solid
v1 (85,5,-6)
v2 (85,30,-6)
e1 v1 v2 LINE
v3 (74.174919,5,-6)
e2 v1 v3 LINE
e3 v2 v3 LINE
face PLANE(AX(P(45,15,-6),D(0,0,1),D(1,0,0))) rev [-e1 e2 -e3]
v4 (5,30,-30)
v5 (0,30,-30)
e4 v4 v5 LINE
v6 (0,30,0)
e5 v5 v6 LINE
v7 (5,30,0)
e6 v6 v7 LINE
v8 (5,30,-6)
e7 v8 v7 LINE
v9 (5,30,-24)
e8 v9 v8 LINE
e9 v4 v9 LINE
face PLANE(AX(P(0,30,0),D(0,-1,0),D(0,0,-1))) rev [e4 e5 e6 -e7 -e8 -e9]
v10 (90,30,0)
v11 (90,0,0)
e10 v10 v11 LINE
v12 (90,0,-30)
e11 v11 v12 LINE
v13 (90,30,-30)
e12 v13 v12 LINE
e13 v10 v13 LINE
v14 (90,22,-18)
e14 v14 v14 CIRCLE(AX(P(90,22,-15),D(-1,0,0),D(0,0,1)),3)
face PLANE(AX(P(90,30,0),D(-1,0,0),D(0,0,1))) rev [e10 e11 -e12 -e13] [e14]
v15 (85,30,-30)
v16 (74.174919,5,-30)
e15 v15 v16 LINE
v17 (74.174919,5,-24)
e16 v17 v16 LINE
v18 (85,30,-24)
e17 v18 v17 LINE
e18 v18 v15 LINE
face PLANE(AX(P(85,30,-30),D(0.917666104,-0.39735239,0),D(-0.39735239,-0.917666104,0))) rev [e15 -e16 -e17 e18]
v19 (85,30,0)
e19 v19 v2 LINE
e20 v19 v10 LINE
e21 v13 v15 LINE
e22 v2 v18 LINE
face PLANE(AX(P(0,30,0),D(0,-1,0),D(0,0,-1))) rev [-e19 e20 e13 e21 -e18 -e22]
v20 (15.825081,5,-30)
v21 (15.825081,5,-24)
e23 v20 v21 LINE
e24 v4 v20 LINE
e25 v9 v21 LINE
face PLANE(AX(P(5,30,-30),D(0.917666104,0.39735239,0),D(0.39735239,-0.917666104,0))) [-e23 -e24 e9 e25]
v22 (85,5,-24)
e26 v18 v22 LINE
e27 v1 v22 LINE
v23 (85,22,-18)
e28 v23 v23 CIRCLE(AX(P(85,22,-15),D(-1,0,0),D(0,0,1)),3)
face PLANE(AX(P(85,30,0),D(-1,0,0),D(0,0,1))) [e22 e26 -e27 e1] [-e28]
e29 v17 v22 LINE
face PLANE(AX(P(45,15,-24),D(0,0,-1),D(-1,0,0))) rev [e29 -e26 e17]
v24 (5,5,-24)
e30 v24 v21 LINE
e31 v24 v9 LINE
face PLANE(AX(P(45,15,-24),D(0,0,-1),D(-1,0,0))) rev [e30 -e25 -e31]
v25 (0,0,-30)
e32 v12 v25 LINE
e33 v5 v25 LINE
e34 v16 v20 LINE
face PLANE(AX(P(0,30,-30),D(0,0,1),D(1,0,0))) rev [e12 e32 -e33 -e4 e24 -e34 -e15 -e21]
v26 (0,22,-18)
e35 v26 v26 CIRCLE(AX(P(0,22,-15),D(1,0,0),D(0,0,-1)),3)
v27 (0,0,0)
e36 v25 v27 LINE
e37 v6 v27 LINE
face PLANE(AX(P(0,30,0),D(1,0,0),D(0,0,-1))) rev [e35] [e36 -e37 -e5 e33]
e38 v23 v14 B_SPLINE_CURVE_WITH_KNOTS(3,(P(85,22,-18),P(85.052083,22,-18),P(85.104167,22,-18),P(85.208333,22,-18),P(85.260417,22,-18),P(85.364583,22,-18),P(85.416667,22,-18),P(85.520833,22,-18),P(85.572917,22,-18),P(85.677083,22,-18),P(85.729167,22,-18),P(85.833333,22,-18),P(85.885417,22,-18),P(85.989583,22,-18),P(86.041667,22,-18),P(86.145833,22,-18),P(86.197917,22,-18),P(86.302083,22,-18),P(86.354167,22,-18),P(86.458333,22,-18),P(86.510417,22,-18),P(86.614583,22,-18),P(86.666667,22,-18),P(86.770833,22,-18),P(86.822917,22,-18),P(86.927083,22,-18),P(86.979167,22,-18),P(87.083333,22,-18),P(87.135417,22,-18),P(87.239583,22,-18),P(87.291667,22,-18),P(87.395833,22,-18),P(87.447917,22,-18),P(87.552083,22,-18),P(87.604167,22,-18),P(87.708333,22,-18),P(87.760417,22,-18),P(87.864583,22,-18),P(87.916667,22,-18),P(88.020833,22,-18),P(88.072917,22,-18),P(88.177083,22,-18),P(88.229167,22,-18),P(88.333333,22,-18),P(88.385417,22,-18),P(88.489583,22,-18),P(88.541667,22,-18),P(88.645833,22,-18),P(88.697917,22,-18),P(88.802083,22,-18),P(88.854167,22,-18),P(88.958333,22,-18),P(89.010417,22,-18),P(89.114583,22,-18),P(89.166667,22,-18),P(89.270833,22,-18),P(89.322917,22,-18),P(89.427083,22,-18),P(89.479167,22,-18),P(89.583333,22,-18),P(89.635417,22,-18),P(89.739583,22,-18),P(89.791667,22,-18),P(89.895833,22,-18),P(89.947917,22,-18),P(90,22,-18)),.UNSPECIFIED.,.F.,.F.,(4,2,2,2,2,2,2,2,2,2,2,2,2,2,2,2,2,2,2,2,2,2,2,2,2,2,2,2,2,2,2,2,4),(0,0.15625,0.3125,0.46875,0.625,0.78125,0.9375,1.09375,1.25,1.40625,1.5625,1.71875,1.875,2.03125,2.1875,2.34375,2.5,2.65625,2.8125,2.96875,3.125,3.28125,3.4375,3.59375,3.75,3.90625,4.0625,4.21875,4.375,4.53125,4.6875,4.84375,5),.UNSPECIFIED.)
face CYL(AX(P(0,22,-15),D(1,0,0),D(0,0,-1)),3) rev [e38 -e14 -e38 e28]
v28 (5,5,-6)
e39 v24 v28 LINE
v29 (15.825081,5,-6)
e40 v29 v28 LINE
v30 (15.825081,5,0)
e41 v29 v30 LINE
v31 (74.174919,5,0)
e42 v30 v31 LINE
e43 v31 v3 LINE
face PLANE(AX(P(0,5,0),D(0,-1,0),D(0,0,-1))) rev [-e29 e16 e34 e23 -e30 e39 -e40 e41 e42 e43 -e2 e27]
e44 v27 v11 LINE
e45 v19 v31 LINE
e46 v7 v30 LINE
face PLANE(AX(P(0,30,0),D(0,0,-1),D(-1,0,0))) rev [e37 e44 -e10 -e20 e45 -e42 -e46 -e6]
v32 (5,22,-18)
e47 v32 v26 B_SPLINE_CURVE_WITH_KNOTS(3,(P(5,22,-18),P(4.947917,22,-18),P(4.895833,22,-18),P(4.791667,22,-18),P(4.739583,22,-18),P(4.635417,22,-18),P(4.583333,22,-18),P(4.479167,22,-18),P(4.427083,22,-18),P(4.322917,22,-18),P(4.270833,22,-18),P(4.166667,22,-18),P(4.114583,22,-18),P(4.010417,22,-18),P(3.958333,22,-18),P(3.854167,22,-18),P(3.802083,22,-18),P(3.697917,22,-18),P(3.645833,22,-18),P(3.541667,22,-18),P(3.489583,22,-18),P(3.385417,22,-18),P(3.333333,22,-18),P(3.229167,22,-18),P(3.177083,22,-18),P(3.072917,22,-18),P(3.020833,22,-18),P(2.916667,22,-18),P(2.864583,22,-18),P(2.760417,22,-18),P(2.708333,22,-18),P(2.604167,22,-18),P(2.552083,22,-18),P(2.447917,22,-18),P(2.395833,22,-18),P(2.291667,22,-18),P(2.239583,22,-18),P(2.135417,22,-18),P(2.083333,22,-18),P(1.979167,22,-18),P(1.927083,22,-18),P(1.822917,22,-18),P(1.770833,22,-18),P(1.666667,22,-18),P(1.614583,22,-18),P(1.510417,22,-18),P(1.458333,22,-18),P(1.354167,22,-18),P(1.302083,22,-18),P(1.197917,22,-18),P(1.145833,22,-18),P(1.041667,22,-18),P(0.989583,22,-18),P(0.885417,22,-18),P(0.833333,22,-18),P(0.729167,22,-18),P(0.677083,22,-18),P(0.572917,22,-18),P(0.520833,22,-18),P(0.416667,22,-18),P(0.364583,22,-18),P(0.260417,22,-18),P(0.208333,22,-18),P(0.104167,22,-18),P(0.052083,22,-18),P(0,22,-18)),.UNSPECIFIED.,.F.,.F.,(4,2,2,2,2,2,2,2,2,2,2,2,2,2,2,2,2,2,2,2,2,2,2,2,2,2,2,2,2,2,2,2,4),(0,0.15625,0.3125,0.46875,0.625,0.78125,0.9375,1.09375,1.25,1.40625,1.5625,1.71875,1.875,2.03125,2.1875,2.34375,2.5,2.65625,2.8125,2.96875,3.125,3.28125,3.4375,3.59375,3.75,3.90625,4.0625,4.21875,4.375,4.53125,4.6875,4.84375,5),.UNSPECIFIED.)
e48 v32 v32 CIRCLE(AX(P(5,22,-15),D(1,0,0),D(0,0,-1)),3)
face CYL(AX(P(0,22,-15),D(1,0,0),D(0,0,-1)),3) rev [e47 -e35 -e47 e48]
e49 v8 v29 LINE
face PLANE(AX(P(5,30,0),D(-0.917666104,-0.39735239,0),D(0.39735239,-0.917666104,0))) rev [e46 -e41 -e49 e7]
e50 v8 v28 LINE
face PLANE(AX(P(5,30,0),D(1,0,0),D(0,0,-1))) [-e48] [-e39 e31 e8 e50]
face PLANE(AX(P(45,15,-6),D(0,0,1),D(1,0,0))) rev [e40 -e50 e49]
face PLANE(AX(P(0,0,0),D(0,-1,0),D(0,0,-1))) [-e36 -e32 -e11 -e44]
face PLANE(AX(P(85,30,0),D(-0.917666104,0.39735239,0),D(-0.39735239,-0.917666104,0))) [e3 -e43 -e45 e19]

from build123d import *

# Parameters (mm, degrees)
SKETCH1_W               = 90
SKETCH1_H               = 30
BOSS_EXTRUDE1_DEPTH     = 30
SHELL1_T                = -5
CUT_EXTRUDE1_DEPTH      = 100.498743711
CUT_EXTRUDE1_DEPTH_BACK = 100.498743711
SKETCH2_R               = 3
RIB1_REACH              = 101.499
SKETCH4_WALL_W          = 228.240511764
SKETCH4_WALL_H          = 6
MIRROR2_COPY_1_REACH    = 101.499
MIRROR2_COPY_1_SKETCH_W = 228.240511764
MIRROR2_COPY_1_SKETCH_H = 6


with BuildPart() as part:
    # Sketch1 → Boss-Extrude1 (new body)
    with BuildSketch(Plane(origin=(0, 0, 0), x_dir=(1, 0, 0), z_dir=(0, 1, 0))):
        with Locations((45, 15)):
            Rectangle(SKETCH1_W, SKETCH1_H)
    extrude(amount=BOSS_EXTRUDE1_DEPTH)

    # Shell1
    shell1_openings = [part.faces().sort_by_distance(p)[0] for p in [
        (45, 30, -15),
        (45, 15, -30),
        (45, 15, 0),
    ]]
    offset(amount=SHELL1_T, openings=shell1_openings, kind=Kind.INTERSECTION)

    # Sketch2 → Cut-Extrude1 (cut, two sides: drawn at the far end of the back side and taken through both)
    with BuildSketch(Plane(origin=(90, 0, 0), x_dir=(0, 0, -1), z_dir=(1, 0, 0)).offset(-CUT_EXTRUDE1_DEPTH_BACK)):
        with Locations((15, 22)):
            Circle(SKETCH2_R)
    extrude(amount=CUT_EXTRUDE1_DEPTH + CUT_EXTRUDE1_DEPTH_BACK, mode=Mode.SUBTRACT)

    # Sketch4 wall → Rib1 (add, up to next)
    with BuildSketch(Plane(origin=(10.412540423, 17.5, 0), x_dir=(0.397352390435, -0.917666103665, 0), z_dir=(0.917666103665, 0.397352390435, 0)), mode=Mode.PRIVATE) as rib1_sk1:
        with Locations((0, 3)):
            Rectangle(SKETCH4_WALL_W, SKETCH4_WALL_H)
    rib1_tool1 = extrude(rib1_sk1.sketch, amount=-RIB1_REACH, mode=Mode.PRIVATE) - part.part
    rib1 = rib1_tool1.solids().sort_by_distance((10.412540423, 17.5, 0))[0]
    add(rib1)

    # Mirror1: Rib1 across plane
    add(rib1.mirror(Plane(origin=(45, 0, 0), x_dir=(0, 0, 1), z_dir=(1, 0, 0))))

    # Mirror2: Rib1 across plane
    add(rib1.mirror(Plane.XY.offset(-15)))

    # Mirror2 copy 1 sketch → Mirror2 copy 1 (add, up to next)
    with BuildSketch(Plane(origin=(79.587459577, 17.5, -30), x_dir=(-0.397352390435, -0.917666103665, 0), z_dir=(-0.917666103665, 0.397352390435, 0)), mode=Mode.PRIVATE) as mirror2_copy_1_sk1:
        with Locations((0, 3)):
            Rectangle(MIRROR2_COPY_1_SKETCH_W, MIRROR2_COPY_1_SKETCH_H)
    mirror2_copy_1_tool1 = extrude(mirror2_copy_1_sk1.sketch, amount=-MIRROR2_COPY_1_REACH, mode=Mode.PRIVATE) - part.part
    add(mirror2_copy_1_tool1.solids().sort_by_distance((79.587459577, 17.5, -30))[0])


solid = part.part
